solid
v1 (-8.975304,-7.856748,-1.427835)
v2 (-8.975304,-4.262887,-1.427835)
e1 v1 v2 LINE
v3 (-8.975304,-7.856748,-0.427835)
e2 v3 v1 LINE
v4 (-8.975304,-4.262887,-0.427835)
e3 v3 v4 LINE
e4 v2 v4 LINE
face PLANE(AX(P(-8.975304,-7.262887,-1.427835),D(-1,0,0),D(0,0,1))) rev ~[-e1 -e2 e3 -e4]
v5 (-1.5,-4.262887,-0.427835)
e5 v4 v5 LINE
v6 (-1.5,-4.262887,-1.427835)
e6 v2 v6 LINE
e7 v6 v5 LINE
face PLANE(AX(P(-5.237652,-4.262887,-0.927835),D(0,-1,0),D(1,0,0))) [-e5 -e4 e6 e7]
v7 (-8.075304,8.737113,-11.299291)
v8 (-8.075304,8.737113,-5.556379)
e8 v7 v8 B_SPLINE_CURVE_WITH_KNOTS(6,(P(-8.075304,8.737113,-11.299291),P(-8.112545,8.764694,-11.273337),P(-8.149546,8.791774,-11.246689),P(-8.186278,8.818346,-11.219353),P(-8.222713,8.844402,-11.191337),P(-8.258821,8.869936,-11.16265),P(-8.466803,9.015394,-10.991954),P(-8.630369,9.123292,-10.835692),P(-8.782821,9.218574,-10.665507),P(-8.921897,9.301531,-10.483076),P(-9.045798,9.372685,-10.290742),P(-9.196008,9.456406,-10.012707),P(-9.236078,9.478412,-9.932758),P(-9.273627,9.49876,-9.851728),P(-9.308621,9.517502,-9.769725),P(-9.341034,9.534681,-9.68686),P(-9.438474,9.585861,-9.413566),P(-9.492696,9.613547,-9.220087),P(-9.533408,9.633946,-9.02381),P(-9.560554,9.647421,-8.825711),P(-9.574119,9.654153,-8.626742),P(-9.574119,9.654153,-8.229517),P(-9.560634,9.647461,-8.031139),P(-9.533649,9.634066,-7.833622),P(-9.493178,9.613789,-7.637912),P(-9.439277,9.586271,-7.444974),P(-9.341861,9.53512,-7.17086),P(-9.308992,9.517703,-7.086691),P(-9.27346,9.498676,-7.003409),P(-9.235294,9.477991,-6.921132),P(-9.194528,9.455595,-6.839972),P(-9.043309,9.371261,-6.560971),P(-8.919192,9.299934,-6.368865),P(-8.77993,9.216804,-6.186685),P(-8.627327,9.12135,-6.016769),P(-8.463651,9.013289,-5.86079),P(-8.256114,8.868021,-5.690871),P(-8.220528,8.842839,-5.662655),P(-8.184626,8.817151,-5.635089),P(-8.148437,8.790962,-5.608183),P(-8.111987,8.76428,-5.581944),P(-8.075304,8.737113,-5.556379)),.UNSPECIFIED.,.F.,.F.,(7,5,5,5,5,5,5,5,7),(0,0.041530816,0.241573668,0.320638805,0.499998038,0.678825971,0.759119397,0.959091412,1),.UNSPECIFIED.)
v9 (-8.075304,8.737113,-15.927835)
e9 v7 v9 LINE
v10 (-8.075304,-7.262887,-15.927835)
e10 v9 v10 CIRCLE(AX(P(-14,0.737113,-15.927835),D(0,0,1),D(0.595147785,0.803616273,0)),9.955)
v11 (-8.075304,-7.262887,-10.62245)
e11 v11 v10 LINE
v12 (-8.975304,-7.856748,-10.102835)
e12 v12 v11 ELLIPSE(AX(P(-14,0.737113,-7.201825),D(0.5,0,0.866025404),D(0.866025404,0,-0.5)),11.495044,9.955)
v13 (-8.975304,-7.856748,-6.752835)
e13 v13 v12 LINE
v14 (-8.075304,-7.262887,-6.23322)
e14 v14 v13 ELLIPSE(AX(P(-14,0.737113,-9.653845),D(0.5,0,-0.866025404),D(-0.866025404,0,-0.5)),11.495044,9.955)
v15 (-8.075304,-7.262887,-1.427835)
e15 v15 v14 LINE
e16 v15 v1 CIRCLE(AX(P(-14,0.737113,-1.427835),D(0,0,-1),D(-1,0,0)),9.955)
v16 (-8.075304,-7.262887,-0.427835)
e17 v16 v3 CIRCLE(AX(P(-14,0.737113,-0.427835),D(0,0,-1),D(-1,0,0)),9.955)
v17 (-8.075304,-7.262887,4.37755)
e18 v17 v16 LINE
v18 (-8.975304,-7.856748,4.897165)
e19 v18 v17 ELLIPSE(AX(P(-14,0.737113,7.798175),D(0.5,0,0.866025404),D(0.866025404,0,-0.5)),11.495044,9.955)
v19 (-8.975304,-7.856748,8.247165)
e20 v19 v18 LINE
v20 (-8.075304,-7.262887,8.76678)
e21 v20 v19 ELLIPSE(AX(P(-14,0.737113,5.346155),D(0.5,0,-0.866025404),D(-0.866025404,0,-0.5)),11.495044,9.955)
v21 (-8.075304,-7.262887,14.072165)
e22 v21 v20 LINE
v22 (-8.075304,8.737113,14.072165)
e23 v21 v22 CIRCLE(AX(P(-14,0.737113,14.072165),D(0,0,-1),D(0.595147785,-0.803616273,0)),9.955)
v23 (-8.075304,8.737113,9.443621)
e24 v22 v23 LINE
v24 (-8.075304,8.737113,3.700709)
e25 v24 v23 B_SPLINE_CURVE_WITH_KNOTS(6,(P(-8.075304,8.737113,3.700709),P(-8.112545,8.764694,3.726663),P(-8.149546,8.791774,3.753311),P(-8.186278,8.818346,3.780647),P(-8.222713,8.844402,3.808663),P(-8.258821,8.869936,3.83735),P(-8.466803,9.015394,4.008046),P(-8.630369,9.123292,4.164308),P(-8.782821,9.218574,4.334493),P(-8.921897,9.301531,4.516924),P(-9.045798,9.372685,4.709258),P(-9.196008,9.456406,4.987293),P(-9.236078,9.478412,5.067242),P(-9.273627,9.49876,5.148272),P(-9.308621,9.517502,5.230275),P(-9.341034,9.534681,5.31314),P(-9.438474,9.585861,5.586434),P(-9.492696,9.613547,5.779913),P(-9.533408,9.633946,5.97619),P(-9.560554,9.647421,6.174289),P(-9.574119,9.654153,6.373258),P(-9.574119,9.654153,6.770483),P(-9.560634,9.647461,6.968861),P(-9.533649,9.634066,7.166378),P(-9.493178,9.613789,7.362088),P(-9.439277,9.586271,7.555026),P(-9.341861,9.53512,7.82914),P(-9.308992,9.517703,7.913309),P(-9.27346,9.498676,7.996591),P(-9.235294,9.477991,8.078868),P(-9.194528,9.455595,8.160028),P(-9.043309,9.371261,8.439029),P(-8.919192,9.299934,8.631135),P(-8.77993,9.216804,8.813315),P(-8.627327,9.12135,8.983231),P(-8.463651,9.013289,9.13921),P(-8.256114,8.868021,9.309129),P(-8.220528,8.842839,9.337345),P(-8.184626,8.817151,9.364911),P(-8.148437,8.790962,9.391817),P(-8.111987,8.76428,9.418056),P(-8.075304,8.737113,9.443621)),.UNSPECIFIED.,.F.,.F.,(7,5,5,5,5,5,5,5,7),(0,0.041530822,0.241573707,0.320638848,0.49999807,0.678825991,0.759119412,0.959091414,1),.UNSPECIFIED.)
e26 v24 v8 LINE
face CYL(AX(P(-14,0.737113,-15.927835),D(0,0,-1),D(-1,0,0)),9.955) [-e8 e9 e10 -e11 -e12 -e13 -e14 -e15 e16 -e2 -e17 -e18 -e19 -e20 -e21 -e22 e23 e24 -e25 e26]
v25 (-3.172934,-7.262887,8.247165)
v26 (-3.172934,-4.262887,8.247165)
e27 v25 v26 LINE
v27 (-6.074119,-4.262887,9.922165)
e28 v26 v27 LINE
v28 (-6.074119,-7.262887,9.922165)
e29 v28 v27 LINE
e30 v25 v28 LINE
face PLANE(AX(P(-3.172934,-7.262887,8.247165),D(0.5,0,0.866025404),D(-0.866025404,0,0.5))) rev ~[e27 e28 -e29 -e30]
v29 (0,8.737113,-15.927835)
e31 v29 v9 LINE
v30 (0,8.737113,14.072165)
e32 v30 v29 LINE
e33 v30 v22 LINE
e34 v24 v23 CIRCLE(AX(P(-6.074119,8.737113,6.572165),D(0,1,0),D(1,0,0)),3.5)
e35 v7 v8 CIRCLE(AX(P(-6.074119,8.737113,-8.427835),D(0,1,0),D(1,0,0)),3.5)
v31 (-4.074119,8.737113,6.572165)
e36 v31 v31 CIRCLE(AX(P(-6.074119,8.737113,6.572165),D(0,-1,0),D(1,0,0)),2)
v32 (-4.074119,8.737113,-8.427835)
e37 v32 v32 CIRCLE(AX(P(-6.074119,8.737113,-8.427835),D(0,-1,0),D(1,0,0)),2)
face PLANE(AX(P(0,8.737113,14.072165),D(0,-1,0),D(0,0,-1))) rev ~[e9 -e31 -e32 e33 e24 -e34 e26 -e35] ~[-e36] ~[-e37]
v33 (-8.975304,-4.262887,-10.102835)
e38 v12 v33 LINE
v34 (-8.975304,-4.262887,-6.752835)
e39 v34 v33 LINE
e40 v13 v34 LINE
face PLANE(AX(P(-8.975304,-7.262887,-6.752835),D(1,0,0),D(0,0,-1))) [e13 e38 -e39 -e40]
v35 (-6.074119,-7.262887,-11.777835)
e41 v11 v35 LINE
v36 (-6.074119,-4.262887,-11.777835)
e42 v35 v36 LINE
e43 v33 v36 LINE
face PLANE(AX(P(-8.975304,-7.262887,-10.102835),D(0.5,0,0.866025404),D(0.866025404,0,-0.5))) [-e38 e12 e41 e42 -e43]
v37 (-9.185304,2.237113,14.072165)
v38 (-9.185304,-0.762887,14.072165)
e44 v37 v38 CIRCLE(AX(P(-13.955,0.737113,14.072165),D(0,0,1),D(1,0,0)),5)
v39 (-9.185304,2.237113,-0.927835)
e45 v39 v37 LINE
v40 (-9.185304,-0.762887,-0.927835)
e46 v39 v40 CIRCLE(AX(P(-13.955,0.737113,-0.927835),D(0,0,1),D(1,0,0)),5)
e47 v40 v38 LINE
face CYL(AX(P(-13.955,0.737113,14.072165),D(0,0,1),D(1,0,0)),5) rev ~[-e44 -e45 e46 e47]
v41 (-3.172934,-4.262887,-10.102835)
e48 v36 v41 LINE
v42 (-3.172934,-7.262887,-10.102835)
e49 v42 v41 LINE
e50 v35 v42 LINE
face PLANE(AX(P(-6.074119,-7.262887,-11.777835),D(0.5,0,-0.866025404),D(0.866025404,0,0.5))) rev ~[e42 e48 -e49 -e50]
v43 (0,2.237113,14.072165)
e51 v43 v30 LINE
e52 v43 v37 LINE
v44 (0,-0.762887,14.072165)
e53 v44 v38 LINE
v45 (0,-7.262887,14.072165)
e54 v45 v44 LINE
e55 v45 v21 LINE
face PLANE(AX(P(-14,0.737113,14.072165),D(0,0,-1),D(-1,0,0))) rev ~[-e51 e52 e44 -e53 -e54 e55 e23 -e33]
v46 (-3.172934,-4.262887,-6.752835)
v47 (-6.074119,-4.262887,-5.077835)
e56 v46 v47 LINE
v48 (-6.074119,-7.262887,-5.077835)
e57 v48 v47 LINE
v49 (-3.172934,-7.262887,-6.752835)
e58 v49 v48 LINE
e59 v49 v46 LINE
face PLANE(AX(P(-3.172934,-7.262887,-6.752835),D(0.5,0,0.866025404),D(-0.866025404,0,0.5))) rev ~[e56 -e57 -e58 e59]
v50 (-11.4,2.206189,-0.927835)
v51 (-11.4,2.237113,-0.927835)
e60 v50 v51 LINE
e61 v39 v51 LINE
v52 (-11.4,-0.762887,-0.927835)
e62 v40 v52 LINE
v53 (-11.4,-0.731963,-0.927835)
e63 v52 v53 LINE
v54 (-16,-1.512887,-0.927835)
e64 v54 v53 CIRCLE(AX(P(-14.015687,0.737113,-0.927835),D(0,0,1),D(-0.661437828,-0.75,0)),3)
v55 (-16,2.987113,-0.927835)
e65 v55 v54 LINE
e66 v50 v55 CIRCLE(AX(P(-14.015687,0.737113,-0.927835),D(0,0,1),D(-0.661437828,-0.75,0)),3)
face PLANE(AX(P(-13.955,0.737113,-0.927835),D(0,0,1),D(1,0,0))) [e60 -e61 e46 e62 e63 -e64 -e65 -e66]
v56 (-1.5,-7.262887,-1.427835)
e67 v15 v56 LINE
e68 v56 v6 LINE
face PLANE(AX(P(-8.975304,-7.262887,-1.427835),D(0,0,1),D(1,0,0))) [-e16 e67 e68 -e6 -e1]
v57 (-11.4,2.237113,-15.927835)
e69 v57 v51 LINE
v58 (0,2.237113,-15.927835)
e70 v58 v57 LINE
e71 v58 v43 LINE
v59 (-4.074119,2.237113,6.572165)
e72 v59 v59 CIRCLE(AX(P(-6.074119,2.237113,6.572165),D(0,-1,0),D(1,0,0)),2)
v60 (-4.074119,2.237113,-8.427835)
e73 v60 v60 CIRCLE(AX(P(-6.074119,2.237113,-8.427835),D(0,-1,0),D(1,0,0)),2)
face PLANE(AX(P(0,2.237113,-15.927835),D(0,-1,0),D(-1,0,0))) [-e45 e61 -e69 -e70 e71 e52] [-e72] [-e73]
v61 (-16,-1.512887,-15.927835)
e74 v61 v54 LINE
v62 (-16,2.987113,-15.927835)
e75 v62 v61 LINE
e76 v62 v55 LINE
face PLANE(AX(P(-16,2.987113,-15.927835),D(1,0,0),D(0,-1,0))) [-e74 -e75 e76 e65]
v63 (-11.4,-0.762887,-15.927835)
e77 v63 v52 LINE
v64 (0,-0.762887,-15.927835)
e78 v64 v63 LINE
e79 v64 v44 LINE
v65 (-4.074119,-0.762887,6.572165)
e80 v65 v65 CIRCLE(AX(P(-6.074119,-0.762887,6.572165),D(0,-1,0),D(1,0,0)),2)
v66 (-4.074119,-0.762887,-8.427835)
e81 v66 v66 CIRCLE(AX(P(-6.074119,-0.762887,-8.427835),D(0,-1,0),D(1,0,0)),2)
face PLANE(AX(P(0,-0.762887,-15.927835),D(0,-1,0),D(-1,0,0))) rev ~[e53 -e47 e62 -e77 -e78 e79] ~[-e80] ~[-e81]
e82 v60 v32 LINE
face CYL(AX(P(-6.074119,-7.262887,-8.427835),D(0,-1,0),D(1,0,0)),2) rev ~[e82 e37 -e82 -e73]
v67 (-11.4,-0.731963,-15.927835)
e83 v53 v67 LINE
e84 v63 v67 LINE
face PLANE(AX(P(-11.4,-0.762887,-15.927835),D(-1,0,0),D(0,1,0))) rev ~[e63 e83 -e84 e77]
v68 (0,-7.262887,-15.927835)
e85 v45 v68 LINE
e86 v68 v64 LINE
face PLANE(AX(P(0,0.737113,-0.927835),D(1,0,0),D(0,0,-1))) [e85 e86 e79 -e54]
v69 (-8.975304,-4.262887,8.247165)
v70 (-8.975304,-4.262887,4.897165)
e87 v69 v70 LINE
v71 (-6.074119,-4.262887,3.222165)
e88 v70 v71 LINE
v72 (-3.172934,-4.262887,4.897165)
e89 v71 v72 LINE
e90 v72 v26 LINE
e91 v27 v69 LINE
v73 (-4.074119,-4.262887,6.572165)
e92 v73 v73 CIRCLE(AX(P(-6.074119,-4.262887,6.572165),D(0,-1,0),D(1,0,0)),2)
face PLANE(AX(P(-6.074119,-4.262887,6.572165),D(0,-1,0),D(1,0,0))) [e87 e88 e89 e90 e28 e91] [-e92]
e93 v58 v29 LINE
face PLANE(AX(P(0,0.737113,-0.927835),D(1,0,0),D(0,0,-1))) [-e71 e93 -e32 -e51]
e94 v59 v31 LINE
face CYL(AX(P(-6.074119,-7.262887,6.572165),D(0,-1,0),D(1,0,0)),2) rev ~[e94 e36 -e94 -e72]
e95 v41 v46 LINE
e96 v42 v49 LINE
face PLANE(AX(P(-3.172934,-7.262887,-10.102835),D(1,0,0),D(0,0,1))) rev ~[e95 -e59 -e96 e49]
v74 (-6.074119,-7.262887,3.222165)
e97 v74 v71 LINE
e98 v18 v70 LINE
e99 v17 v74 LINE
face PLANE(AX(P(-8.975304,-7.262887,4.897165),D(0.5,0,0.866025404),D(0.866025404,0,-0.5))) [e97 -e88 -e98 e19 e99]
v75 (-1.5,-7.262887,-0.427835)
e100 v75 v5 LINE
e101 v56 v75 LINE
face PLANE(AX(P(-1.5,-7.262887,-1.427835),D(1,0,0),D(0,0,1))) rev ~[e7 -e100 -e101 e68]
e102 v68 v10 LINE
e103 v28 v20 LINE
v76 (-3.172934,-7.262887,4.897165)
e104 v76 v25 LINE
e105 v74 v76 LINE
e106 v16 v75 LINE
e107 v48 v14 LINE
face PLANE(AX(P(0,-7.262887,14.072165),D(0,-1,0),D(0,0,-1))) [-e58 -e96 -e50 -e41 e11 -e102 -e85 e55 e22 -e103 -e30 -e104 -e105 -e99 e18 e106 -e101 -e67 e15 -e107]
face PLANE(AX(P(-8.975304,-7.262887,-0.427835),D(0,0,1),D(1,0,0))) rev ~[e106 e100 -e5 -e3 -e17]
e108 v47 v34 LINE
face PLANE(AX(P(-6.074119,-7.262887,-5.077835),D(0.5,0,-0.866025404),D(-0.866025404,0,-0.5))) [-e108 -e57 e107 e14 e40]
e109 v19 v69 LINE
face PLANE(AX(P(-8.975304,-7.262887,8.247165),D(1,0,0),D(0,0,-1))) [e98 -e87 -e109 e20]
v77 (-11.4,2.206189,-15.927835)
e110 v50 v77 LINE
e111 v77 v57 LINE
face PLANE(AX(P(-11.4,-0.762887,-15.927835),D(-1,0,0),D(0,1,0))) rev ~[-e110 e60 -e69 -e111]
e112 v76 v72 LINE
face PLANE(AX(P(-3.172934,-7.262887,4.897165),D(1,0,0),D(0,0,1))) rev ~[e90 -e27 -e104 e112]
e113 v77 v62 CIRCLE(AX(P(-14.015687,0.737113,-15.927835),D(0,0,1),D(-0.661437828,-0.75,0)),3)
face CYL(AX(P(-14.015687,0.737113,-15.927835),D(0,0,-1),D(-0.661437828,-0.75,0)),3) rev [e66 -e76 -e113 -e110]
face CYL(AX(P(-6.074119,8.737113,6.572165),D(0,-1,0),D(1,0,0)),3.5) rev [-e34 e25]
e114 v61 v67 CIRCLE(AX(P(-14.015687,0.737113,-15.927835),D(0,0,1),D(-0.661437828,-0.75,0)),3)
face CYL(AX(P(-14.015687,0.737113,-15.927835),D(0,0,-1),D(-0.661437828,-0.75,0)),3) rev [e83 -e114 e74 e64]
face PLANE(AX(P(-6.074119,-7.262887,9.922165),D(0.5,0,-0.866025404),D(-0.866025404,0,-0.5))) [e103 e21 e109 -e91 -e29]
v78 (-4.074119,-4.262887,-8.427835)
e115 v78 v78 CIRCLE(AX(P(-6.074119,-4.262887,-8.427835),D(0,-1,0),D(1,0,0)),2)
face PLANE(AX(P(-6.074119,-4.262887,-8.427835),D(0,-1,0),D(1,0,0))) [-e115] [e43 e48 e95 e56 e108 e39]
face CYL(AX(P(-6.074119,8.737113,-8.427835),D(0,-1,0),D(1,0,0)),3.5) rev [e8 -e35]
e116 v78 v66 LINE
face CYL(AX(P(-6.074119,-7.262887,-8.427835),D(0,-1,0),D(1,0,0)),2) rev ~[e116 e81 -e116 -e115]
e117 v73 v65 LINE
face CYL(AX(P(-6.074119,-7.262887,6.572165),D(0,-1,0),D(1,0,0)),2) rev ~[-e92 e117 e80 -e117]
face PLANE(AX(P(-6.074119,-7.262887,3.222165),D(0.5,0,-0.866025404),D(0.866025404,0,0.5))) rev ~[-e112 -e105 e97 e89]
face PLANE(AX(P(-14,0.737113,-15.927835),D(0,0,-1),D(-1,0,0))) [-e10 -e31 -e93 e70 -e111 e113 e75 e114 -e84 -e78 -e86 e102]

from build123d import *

# Parameters (mm, degrees)
SKETCH1_W               = 30
SKETCH1_H               = 16
BOSS_EXTRUDE1_DEPTH     = 14
SKETCH3_R               = 9.955
BOSS_EXTRUDE2_DEPTH     = 30
SKETCH4_W               = 11.4
SKETCH4_H               = 3
CUT_EXTRUDE1_DEPTH      = 30
SKETCH5_R               = 5
CUT_EXTRUDE2_DEPTH      = 15
CUT_EXTRUDE5_DEPTH      = 15
CUT_EXTRUDE7_DEPTH      = 1
CUT_EXTRUDE7_DEPTH_BACK = 3
SKETCH7_R               = 2
SKETCH7_W               = 7.475303805
SKETCH7_H               = 1
SKETCH7_4_R             = 2
CUT_EXTRUDE9_DEPTH      = 34.910470056
SKETCH11_R              = 3.5
CUT_EXTRUDE10_DEPTH     = 0.93


with BuildPart() as part:
    # Sketch1 → Boss-Extrude1 (new body)
    with BuildSketch(Plane(origin=(0, 0, 0), x_dir=(0, 0, -1), z_dir=(1, 0, 0))):
        with Locations((0.927835052, 0.737113402)):
            Rectangle(SKETCH1_W, SKETCH1_H)
    extrude(amount=-BOSS_EXTRUDE1_DEPTH)

    # Sketch3 → Boss-Extrude2 (add)
    with BuildSketch(Plane(origin=(0, 0, -15.927835052), x_dir=(-1, 0, 0), z_dir=(0, 0, -1))):
        with Locations((14, 0.737113402)):
            Circle(SKETCH3_R)
    extrude(amount=-BOSS_EXTRUDE2_DEPTH)

    # Sketch4 → Cut-Extrude1 (cut)
    with BuildSketch(Plane(origin=(0, 0, -15.927835052), x_dir=(-1, 0, 0), z_dir=(0, 0, -1))):
        with Locations((5.7, 0.737113402)):
            Rectangle(SKETCH4_W, SKETCH4_H)
    extrude(amount=-CUT_EXTRUDE1_DEPTH, mode=Mode.SUBTRACT)

    # Sketch5 → Cut-Extrude2 (cut)
    with BuildSketch(Plane.XY.offset(14.072164948)):
        with Locations((-13.955, 0.737113402)):
            Circle(SKETCH5_R)
    extrude(amount=-CUT_EXTRUDE2_DEPTH, mode=Mode.SUBTRACT)

    # Sketch6 → Cut-Extrude5 (cut)
    with BuildSketch(Plane(origin=(0, 0, -15.927835052), x_dir=(-1, 0, 0), z_dir=(0, 0, -1))):
        with BuildLine():
            Line((16, 2.987113402), (16, -1.512886598))
            ThreePointArc((16, -1.512886598), (11.015686517, 0.737113402), (16, 2.987113402))
        make_face()
    extrude(amount=-CUT_EXTRUDE5_DEPTH, mode=Mode.SUBTRACT)

    # Sketch7 → Cut-Extrude7 (cut, two sides: drawn at the far end of the back side and taken through both)
    # profile 1 of 3: a face of its own
    with BuildSketch(Plane.XZ.offset(7.262886598).offset(-CUT_EXTRUDE7_DEPTH_BACK)):
        Polygon((-6.074118703, 3.222164948), (-3.1729336, 4.897164948), (-3.1729336, 8.247164948), (-6.074118703, 9.922164948), (-8.975303805, 8.247164948), (-8.975303805, 4.897164948), align=None)
        with Locations((-6.074118703, 6.572164948)):
            Circle(SKETCH7_R, mode=Mode.SUBTRACT)
    # profile 2 of 3: a face of its own
    with BuildSketch(Plane.XZ.offset(7.262886598).offset(-CUT_EXTRUDE7_DEPTH_BACK)):
        Polygon((-6.074118703, -5.077835052), (-8.975303805, -6.752835052), (-8.975303805, -10.102835052), (-6.074118703, -11.777835052), (-3.1729336, -10.102835052), (-3.1729336, -6.752835052), align=None)
    # profile 3 of 3: a face of its own
    with BuildSketch(Plane.XZ.offset(7.262886598).offset(-CUT_EXTRUDE7_DEPTH_BACK)):
        with Locations((-5.237651903, -0.927835052)):
            Rectangle(SKETCH7_W, SKETCH7_H)
    extrude(amount=CUT_EXTRUDE7_DEPTH + CUT_EXTRUDE7_DEPTH_BACK, mode=Mode.SUBTRACT)

    # Sketch7<4> → Cut-Extrude9 (cut, through all)
    with BuildSketch(Plane.XZ.offset(7.262886598)):
        with Locations((-6.074118703, -8.427835052)):
            Circle(SKETCH7_4_R)
        with Locations((-6.074118703, 6.572164948)):
            Circle(SKETCH7_4_R)
    extrude(amount=-CUT_EXTRUDE9_DEPTH, mode=Mode.SUBTRACT)

    # Sketch11 → Cut-Extrude10 (cut)
    with BuildSketch(Plane(origin=(0, 8.737113402, 0), x_dir=(1, 0, 0), z_dir=(0, 1, 0))):
        with Locations((-6.074118703, -6.572164948)):
            Circle(SKETCH11_R)
        with Locations((-6.074118703, 8.427835052)):
            Circle(SKETCH11_R)
    extrude(amount=CUT_EXTRUDE10_DEPTH, mode=Mode.SUBTRACT)


solid = part.part
